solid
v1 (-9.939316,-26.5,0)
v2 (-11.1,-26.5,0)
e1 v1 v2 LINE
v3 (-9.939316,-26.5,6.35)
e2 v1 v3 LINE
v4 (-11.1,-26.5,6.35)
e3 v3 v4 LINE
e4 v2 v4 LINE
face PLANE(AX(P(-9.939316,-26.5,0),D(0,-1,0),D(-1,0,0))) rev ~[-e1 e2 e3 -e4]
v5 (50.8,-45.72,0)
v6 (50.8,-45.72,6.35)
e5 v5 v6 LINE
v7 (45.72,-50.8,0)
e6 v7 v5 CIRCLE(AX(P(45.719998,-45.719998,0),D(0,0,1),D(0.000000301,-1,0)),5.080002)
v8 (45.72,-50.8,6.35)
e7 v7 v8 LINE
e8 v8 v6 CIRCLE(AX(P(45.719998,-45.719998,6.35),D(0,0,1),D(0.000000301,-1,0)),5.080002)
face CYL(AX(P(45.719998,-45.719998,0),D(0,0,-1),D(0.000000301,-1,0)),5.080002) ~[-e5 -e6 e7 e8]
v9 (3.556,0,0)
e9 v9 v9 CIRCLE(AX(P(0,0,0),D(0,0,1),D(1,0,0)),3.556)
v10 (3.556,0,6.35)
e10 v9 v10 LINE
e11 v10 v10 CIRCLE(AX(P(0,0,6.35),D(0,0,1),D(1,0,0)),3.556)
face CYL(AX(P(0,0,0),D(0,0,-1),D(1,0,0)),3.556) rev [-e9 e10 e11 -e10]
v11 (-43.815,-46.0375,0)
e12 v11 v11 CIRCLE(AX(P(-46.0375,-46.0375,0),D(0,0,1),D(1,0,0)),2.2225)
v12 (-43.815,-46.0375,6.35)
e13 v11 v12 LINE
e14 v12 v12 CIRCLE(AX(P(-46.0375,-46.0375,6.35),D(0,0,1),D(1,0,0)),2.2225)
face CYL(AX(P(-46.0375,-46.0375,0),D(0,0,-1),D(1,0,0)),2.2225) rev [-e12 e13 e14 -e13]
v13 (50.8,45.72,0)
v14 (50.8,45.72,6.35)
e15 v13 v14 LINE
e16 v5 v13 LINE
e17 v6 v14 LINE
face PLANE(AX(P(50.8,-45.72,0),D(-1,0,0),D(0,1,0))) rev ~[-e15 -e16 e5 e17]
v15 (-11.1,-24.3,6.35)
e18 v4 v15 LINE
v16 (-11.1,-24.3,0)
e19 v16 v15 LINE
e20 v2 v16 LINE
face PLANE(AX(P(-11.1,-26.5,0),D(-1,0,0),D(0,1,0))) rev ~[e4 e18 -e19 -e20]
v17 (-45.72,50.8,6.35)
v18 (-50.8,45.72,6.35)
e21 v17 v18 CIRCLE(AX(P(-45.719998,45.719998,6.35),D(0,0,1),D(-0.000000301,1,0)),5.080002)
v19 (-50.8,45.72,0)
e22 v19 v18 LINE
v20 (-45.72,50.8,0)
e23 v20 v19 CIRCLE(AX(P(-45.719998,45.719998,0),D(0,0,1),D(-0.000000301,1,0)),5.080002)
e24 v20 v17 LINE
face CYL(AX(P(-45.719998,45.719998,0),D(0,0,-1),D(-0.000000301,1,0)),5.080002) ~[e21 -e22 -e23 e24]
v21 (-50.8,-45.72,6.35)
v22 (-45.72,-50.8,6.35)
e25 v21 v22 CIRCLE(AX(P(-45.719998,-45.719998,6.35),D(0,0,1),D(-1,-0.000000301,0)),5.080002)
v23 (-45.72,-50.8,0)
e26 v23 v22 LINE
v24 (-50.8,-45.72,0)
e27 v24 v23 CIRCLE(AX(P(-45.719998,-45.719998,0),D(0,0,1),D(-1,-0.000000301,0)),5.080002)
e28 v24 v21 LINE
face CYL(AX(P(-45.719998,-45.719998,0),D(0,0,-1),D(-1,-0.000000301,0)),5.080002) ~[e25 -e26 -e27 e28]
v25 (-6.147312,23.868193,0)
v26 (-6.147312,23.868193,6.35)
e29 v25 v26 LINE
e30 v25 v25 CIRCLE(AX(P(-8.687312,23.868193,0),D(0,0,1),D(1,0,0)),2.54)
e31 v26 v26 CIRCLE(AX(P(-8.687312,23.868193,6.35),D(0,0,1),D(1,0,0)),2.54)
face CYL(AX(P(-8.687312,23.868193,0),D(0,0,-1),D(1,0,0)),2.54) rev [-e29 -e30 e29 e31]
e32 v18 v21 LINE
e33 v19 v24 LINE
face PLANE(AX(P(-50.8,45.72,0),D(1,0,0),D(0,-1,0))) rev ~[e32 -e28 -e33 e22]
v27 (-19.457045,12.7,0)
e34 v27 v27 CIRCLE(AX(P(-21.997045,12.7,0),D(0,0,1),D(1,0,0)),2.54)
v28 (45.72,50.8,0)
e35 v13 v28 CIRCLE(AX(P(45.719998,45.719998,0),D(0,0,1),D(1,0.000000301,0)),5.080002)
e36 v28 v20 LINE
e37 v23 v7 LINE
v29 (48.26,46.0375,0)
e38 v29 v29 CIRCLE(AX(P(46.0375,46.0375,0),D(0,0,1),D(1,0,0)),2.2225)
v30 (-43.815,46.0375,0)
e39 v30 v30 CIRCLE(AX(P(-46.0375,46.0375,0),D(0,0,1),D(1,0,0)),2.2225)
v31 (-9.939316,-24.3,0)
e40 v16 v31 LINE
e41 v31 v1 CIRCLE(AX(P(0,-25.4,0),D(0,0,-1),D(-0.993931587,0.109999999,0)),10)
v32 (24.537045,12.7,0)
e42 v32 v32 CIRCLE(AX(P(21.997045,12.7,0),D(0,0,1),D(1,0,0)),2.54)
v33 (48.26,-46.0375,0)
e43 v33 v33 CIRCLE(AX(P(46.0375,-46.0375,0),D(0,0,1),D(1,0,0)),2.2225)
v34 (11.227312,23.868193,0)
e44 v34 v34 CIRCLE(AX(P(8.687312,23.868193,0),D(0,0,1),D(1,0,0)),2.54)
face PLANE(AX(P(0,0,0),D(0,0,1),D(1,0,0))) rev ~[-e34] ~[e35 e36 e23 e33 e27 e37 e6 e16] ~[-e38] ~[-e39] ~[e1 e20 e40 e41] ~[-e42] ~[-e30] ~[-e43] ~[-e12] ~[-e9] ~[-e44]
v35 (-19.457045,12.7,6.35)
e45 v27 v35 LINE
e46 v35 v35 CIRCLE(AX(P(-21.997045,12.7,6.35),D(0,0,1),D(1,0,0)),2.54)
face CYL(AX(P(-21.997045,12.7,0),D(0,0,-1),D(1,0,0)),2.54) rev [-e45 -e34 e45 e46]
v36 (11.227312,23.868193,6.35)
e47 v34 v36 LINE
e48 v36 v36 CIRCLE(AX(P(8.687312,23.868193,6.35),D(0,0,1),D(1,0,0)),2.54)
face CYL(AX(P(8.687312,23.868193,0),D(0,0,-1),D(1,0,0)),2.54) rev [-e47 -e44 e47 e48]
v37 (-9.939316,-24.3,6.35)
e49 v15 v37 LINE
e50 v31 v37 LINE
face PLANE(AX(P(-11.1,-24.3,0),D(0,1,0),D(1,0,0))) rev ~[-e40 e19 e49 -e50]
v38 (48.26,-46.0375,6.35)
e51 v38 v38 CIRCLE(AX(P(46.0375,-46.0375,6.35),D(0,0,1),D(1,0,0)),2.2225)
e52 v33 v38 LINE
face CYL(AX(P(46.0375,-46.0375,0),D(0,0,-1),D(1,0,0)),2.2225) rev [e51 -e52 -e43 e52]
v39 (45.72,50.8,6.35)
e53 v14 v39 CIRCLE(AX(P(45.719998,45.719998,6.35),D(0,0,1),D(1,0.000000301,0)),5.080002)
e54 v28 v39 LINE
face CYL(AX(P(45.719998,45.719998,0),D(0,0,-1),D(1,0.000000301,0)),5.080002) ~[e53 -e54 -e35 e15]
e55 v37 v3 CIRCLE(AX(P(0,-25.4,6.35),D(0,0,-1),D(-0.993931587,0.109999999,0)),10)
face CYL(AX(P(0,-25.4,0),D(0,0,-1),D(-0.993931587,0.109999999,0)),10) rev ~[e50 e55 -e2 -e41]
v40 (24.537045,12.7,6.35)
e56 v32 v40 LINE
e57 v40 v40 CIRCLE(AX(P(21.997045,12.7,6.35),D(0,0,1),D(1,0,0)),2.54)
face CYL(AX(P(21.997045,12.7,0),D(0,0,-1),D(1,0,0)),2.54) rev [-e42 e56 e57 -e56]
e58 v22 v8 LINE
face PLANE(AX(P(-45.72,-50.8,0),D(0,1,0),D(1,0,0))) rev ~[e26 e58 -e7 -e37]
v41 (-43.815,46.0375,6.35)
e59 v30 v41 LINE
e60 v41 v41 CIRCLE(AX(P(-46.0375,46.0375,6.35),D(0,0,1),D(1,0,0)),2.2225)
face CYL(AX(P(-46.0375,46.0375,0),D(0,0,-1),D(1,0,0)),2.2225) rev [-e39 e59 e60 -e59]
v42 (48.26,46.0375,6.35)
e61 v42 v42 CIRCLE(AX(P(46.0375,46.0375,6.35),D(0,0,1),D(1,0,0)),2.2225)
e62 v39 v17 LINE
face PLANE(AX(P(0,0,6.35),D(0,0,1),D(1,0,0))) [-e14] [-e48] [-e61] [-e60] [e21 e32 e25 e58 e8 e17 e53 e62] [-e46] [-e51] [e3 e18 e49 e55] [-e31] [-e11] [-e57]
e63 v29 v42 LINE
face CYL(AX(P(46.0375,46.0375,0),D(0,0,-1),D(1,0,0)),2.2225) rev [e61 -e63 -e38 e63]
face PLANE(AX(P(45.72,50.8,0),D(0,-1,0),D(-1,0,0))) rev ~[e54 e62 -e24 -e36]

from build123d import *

# Parameters (mm, degrees)
F0_R     = 2.2225
F0_R_2   = 3.556
F0_R_3   = 2.54
F1_DEPTH = 6.35


with BuildPart() as f1:
    # F0 (on Top) → F1 (new body)
    with BuildSketch(Plane.XY):
        with BuildLine():
            Line((45.72, 50.8), (-45.72, 50.8))
            ThreePointArc((-45.72, 50.8), (-49.312102, 49.312102), (-50.8, 45.72))
            Line((-50.8, 45.72), (-50.8, -45.72))
            ThreePointArc((-50.8, -45.72), (-49.312102, -49.312102), (-45.72, -50.8))
            Line((-45.72, -50.8), (45.72, -50.8))
            ThreePointArc((45.72, -50.8), (49.312102, -49.312102), (50.8, -45.72))
            Line((50.8, -45.72), (50.8, 45.72))
            ThreePointArc((50.8, 45.72), (49.312102, 49.312102), (45.72, 50.8))
        make_face()
        with Locations((-46.0375, -46.0375)):
            Circle(F0_R, mode=Mode.SUBTRACT)
        with BuildLine():
            ThreePointArc((-9.939316, -24.3), (10, -25.4), (-9.939316, -26.5))
            Line((-9.939316, -26.5), (-11.1, -26.5))
            Line((-11.1, -26.5), (-11.1, -25.4))
            Line((-11.1, -25.4), (-11.1, -24.3))
            Line((-11.1, -24.3), (-9.939316, -24.3))
        make_face(mode=Mode.SUBTRACT)
        Circle(F0_R_2, mode=Mode.SUBTRACT)
        with Locations((46.0375, -46.0375)):
            Circle(F0_R, mode=Mode.SUBTRACT)
        with Locations((-21.997045, 12.7)):
            Circle(F0_R_3, mode=Mode.SUBTRACT)
        with Locations((-8.687312, 23.868193)):
            Circle(F0_R_3, mode=Mode.SUBTRACT)
        with Locations((-46.0375, 46.0375)):
            Circle(F0_R, mode=Mode.SUBTRACT)
        with Locations((8.687312, 23.868193)):
            Circle(F0_R_3, mode=Mode.SUBTRACT)
        with Locations((21.997045, 12.7)):
            Circle(F0_R_3, mode=Mode.SUBTRACT)
        with Locations((46.0375, 46.0375)):
            Circle(F0_R, mode=Mode.SUBTRACT)
    extrude(amount=F1_DEPTH)


solid = f1.part
